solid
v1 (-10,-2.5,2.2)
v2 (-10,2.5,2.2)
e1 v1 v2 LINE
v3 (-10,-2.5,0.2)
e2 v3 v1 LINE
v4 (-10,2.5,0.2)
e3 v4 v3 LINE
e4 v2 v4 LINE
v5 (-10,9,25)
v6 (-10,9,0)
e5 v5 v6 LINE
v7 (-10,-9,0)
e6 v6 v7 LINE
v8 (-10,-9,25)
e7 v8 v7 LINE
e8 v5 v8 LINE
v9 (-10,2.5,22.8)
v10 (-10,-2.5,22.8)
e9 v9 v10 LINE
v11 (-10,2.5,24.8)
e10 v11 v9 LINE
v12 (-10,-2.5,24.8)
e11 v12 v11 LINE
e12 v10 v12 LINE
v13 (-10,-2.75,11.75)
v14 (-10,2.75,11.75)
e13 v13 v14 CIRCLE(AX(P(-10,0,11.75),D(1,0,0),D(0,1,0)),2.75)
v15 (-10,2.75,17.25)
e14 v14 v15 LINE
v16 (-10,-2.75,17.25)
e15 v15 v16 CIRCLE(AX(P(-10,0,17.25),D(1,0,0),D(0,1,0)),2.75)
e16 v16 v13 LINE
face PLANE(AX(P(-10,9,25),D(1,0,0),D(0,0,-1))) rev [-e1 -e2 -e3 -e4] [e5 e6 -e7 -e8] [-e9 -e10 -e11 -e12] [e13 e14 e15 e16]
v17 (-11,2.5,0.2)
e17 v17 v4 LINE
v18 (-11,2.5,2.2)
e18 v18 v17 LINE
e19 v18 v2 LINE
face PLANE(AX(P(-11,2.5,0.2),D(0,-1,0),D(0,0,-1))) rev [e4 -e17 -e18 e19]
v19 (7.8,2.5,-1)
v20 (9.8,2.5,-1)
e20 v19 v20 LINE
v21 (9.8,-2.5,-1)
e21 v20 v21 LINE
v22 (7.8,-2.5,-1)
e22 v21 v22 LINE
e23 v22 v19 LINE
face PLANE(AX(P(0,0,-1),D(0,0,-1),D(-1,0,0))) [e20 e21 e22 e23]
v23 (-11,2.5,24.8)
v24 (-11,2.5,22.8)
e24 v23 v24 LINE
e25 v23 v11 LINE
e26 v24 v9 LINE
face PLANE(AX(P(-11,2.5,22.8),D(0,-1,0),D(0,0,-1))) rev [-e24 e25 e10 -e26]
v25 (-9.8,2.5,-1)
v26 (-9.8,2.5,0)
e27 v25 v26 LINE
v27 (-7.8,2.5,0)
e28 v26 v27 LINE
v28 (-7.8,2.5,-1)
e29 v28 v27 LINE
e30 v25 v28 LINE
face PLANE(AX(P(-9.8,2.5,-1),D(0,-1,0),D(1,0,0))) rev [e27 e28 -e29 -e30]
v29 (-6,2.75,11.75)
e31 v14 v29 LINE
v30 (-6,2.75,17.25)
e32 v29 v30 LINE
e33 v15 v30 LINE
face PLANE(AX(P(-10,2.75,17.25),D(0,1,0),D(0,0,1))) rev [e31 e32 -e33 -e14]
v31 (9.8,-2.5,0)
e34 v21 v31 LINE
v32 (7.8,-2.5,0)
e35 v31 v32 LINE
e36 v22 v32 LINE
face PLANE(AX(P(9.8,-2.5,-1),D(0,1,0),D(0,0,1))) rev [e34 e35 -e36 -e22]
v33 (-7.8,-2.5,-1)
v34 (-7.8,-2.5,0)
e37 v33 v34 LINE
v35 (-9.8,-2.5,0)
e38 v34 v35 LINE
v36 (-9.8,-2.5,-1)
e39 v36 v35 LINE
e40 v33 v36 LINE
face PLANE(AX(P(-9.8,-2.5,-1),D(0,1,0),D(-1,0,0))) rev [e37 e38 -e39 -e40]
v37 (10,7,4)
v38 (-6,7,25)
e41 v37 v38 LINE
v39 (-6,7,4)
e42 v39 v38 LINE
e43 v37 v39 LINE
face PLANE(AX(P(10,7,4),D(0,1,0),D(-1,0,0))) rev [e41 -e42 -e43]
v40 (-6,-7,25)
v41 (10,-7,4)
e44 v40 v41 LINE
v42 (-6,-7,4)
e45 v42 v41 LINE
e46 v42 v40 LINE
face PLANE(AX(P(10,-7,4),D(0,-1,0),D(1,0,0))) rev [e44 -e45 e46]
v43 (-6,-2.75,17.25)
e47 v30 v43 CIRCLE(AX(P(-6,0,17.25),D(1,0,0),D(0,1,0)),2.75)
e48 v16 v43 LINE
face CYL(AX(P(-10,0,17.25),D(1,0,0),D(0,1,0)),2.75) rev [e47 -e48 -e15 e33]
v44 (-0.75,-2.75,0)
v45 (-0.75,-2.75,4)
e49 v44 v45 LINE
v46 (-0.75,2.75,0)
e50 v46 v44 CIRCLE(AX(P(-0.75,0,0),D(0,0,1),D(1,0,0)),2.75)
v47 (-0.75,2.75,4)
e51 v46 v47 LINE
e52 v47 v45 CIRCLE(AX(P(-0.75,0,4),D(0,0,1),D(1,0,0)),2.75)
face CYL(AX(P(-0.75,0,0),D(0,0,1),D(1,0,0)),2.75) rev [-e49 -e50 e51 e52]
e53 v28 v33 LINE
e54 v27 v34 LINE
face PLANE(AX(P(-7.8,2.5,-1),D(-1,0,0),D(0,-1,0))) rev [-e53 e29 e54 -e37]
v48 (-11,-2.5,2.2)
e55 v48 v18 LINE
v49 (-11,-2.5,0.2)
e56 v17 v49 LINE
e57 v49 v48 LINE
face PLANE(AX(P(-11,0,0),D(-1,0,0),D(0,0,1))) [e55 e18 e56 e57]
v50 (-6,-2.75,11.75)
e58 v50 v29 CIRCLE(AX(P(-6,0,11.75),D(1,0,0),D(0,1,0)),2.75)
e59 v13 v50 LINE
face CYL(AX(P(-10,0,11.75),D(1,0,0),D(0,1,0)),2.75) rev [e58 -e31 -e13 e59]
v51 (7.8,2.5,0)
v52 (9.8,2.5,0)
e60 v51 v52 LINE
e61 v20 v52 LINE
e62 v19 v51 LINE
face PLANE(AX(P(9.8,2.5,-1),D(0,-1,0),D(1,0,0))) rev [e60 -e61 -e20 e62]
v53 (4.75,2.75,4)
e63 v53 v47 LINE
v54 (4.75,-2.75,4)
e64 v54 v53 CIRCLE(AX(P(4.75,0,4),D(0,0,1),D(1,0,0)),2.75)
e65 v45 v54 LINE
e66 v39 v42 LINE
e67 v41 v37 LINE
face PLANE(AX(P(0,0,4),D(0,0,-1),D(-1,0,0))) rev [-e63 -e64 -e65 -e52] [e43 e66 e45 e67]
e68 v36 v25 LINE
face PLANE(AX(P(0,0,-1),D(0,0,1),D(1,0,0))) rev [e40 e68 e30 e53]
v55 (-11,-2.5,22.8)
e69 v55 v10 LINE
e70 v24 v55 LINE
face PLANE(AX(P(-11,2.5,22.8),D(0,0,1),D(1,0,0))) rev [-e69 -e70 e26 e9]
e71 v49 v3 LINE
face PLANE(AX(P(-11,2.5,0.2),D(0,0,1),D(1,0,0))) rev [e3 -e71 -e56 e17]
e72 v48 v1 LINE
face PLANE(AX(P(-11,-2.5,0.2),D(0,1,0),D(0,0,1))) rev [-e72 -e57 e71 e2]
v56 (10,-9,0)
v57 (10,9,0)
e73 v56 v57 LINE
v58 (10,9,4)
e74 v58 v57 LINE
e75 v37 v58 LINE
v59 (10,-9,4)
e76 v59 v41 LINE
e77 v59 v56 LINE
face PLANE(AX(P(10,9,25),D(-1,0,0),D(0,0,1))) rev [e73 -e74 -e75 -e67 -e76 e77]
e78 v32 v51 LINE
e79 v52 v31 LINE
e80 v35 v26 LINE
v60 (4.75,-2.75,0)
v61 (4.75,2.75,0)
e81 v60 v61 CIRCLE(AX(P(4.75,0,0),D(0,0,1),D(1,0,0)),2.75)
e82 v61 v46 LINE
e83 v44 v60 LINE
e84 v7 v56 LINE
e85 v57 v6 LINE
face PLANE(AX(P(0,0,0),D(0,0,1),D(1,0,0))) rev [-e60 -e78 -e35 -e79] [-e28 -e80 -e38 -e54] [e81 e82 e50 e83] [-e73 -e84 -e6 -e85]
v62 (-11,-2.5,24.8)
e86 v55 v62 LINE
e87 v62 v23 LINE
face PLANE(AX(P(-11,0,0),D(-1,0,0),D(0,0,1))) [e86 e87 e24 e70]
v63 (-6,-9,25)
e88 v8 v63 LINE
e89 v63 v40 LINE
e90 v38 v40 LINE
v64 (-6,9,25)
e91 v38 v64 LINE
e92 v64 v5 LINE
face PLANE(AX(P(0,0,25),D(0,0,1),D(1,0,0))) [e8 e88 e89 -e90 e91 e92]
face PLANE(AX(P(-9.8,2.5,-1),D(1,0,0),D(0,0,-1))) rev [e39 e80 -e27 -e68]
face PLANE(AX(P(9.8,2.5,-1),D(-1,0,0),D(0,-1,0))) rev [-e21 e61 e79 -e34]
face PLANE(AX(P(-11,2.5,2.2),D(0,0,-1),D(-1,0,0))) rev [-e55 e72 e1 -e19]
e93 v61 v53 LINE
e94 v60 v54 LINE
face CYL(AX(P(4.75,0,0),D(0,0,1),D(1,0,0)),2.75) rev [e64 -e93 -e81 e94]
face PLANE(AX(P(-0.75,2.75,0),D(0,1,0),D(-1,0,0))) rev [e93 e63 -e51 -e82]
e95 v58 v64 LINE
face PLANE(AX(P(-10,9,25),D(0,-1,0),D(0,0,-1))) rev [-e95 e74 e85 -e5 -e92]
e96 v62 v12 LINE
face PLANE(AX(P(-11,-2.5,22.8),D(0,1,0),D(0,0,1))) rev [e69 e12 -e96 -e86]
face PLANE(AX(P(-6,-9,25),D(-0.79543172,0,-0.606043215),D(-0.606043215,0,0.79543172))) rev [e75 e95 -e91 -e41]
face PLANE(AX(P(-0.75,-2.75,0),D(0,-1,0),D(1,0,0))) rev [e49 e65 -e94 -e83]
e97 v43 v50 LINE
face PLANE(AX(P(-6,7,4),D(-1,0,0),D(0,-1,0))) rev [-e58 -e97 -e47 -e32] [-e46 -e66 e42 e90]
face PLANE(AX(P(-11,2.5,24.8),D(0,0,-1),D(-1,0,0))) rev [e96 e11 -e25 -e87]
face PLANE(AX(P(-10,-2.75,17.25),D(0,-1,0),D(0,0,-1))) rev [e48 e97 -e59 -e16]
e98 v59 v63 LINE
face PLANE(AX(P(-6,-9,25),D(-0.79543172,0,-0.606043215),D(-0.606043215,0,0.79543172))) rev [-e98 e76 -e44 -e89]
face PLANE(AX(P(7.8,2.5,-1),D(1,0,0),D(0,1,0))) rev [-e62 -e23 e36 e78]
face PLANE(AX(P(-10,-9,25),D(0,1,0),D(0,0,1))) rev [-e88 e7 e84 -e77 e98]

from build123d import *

# Parameters (mm, degrees)
SKETCH_1_W               = 20
SKETCH_1_H               = 18
EXTRUDE_1_DEPTH          = 25
SKETCH_2_W               = 16
SKETCH_2_H               = 14
CUT_EXTRUDE_1_DEPTH      = 21
CUT_EXTRUDE_2_DEPTH      = 32.320919527
CUT_EXTRUDE_2_DEPTH_BACK = 32.320919527
CUT_EXTRUDE_3_DEPTH      = 25.939927827
CUT_EXTRUDE_3_DEPTH_BACK = 25.939927827
CUT_EXTRUDE_4_DEPTH      = 32.016124839
CUT_EXTRUDE_4_DEPTH_BACK = 32.016124839
SKETCH_7_W               = 2
SKETCH_7_H               = 5
EXTRUDE_2_DEPTH          = 1
SKETCH_8_W               = 2
SKETCH_8_H               = 5
EXTRUDE_3_DEPTH          = 1


with BuildPart() as part:
    # 스케치1 → 보스-돌출1 (new body)
    with BuildSketch(Plane.XY):
        Rectangle(SKETCH_1_W, SKETCH_1_H)
    extrude(amount=EXTRUDE_1_DEPTH)

    # 스케치2 → 컷-돌출1 (cut)
    with BuildSketch(Plane.XY.offset(25)):
        with Locations((2, 0)):
            Rectangle(SKETCH_2_W, SKETCH_2_H)
    extrude(amount=-CUT_EXTRUDE_1_DEPTH, mode=Mode.SUBTRACT)

    # 스케치4 → 컷-돌출2 (cut, two sides: drawn at the far end of the back side and taken through both)
    with BuildSketch(Plane(origin=(0, -7, 0), x_dir=(1, 0, 0), z_dir=(0, 1, 0)).offset(-CUT_EXTRUDE_2_DEPTH_BACK)):
        Polygon((-6, -25), (10, -4), (10, -25), align=None)
    extrude(amount=CUT_EXTRUDE_2_DEPTH + CUT_EXTRUDE_2_DEPTH_BACK, mode=Mode.SUBTRACT)

    # 스케치5 → 컷-돌출3 (cut, two sides: drawn at the far end of the back side and taken through both)
    with BuildSketch(Plane.XY.offset(4).offset(-CUT_EXTRUDE_3_DEPTH_BACK)):
        with BuildLine():
            Line((-0.75, 2.75), (4.75, 2.75))
            ThreePointArc((4.75, 2.75), (7.5, 0), (4.75, -2.75))
            Line((4.75, -2.75), (-0.75, -2.75))
            ThreePointArc((-0.75, -2.75), (-3.5, 0), (-0.75, 2.75))
        make_face()
    extrude(amount=CUT_EXTRUDE_3_DEPTH + CUT_EXTRUDE_3_DEPTH_BACK, mode=Mode.SUBTRACT)

    # 스케치6 → 컷-돌출4 (cut, two sides: drawn at the far end of the back side and taken through both)
    with BuildSketch(Plane(origin=(-6, 0, 0), x_dir=(0, 0, -1), z_dir=(1, 0, 0)).offset(-CUT_EXTRUDE_4_DEPTH_BACK)):
        with BuildLine():
            Line((-17.25, 2.75), (-11.75, 2.75))
            ThreePointArc((-11.75, 2.75), (-9, 0), (-11.75, -2.75))
            Line((-11.75, -2.75), (-17.25, -2.75))
            ThreePointArc((-17.25, -2.75), (-20, 0), (-17.25, 2.75))
        make_face()
    extrude(amount=CUT_EXTRUDE_4_DEPTH + CUT_EXTRUDE_4_DEPTH_BACK, mode=Mode.SUBTRACT)

    # 스케치7 → 보스-돌출2 (add)
    with BuildSketch(Plane(origin=(0, 0, 0), x_dir=(-1, 0, 0), z_dir=(0, 0, -1))):
        with Locations((-8.8, 0)):
            Rectangle(SKETCH_7_W, SKETCH_7_H)
        with Locations((8.8, 0)):
            Rectangle(SKETCH_7_W, SKETCH_7_H)
    extrude(amount=EXTRUDE_2_DEPTH)

    # 스케치8 → 보스-돌출3 (add)
    with BuildSketch(Plane.ZY.offset(10)):
        with Locations((1.2, 0)):
            Rectangle(SKETCH_8_W, SKETCH_8_H)
        with Locations((23.8, 0)):
            Rectangle(SKETCH_8_W, SKETCH_8_H)
    extrude(amount=EXTRUDE_3_DEPTH)


solid = part.part
